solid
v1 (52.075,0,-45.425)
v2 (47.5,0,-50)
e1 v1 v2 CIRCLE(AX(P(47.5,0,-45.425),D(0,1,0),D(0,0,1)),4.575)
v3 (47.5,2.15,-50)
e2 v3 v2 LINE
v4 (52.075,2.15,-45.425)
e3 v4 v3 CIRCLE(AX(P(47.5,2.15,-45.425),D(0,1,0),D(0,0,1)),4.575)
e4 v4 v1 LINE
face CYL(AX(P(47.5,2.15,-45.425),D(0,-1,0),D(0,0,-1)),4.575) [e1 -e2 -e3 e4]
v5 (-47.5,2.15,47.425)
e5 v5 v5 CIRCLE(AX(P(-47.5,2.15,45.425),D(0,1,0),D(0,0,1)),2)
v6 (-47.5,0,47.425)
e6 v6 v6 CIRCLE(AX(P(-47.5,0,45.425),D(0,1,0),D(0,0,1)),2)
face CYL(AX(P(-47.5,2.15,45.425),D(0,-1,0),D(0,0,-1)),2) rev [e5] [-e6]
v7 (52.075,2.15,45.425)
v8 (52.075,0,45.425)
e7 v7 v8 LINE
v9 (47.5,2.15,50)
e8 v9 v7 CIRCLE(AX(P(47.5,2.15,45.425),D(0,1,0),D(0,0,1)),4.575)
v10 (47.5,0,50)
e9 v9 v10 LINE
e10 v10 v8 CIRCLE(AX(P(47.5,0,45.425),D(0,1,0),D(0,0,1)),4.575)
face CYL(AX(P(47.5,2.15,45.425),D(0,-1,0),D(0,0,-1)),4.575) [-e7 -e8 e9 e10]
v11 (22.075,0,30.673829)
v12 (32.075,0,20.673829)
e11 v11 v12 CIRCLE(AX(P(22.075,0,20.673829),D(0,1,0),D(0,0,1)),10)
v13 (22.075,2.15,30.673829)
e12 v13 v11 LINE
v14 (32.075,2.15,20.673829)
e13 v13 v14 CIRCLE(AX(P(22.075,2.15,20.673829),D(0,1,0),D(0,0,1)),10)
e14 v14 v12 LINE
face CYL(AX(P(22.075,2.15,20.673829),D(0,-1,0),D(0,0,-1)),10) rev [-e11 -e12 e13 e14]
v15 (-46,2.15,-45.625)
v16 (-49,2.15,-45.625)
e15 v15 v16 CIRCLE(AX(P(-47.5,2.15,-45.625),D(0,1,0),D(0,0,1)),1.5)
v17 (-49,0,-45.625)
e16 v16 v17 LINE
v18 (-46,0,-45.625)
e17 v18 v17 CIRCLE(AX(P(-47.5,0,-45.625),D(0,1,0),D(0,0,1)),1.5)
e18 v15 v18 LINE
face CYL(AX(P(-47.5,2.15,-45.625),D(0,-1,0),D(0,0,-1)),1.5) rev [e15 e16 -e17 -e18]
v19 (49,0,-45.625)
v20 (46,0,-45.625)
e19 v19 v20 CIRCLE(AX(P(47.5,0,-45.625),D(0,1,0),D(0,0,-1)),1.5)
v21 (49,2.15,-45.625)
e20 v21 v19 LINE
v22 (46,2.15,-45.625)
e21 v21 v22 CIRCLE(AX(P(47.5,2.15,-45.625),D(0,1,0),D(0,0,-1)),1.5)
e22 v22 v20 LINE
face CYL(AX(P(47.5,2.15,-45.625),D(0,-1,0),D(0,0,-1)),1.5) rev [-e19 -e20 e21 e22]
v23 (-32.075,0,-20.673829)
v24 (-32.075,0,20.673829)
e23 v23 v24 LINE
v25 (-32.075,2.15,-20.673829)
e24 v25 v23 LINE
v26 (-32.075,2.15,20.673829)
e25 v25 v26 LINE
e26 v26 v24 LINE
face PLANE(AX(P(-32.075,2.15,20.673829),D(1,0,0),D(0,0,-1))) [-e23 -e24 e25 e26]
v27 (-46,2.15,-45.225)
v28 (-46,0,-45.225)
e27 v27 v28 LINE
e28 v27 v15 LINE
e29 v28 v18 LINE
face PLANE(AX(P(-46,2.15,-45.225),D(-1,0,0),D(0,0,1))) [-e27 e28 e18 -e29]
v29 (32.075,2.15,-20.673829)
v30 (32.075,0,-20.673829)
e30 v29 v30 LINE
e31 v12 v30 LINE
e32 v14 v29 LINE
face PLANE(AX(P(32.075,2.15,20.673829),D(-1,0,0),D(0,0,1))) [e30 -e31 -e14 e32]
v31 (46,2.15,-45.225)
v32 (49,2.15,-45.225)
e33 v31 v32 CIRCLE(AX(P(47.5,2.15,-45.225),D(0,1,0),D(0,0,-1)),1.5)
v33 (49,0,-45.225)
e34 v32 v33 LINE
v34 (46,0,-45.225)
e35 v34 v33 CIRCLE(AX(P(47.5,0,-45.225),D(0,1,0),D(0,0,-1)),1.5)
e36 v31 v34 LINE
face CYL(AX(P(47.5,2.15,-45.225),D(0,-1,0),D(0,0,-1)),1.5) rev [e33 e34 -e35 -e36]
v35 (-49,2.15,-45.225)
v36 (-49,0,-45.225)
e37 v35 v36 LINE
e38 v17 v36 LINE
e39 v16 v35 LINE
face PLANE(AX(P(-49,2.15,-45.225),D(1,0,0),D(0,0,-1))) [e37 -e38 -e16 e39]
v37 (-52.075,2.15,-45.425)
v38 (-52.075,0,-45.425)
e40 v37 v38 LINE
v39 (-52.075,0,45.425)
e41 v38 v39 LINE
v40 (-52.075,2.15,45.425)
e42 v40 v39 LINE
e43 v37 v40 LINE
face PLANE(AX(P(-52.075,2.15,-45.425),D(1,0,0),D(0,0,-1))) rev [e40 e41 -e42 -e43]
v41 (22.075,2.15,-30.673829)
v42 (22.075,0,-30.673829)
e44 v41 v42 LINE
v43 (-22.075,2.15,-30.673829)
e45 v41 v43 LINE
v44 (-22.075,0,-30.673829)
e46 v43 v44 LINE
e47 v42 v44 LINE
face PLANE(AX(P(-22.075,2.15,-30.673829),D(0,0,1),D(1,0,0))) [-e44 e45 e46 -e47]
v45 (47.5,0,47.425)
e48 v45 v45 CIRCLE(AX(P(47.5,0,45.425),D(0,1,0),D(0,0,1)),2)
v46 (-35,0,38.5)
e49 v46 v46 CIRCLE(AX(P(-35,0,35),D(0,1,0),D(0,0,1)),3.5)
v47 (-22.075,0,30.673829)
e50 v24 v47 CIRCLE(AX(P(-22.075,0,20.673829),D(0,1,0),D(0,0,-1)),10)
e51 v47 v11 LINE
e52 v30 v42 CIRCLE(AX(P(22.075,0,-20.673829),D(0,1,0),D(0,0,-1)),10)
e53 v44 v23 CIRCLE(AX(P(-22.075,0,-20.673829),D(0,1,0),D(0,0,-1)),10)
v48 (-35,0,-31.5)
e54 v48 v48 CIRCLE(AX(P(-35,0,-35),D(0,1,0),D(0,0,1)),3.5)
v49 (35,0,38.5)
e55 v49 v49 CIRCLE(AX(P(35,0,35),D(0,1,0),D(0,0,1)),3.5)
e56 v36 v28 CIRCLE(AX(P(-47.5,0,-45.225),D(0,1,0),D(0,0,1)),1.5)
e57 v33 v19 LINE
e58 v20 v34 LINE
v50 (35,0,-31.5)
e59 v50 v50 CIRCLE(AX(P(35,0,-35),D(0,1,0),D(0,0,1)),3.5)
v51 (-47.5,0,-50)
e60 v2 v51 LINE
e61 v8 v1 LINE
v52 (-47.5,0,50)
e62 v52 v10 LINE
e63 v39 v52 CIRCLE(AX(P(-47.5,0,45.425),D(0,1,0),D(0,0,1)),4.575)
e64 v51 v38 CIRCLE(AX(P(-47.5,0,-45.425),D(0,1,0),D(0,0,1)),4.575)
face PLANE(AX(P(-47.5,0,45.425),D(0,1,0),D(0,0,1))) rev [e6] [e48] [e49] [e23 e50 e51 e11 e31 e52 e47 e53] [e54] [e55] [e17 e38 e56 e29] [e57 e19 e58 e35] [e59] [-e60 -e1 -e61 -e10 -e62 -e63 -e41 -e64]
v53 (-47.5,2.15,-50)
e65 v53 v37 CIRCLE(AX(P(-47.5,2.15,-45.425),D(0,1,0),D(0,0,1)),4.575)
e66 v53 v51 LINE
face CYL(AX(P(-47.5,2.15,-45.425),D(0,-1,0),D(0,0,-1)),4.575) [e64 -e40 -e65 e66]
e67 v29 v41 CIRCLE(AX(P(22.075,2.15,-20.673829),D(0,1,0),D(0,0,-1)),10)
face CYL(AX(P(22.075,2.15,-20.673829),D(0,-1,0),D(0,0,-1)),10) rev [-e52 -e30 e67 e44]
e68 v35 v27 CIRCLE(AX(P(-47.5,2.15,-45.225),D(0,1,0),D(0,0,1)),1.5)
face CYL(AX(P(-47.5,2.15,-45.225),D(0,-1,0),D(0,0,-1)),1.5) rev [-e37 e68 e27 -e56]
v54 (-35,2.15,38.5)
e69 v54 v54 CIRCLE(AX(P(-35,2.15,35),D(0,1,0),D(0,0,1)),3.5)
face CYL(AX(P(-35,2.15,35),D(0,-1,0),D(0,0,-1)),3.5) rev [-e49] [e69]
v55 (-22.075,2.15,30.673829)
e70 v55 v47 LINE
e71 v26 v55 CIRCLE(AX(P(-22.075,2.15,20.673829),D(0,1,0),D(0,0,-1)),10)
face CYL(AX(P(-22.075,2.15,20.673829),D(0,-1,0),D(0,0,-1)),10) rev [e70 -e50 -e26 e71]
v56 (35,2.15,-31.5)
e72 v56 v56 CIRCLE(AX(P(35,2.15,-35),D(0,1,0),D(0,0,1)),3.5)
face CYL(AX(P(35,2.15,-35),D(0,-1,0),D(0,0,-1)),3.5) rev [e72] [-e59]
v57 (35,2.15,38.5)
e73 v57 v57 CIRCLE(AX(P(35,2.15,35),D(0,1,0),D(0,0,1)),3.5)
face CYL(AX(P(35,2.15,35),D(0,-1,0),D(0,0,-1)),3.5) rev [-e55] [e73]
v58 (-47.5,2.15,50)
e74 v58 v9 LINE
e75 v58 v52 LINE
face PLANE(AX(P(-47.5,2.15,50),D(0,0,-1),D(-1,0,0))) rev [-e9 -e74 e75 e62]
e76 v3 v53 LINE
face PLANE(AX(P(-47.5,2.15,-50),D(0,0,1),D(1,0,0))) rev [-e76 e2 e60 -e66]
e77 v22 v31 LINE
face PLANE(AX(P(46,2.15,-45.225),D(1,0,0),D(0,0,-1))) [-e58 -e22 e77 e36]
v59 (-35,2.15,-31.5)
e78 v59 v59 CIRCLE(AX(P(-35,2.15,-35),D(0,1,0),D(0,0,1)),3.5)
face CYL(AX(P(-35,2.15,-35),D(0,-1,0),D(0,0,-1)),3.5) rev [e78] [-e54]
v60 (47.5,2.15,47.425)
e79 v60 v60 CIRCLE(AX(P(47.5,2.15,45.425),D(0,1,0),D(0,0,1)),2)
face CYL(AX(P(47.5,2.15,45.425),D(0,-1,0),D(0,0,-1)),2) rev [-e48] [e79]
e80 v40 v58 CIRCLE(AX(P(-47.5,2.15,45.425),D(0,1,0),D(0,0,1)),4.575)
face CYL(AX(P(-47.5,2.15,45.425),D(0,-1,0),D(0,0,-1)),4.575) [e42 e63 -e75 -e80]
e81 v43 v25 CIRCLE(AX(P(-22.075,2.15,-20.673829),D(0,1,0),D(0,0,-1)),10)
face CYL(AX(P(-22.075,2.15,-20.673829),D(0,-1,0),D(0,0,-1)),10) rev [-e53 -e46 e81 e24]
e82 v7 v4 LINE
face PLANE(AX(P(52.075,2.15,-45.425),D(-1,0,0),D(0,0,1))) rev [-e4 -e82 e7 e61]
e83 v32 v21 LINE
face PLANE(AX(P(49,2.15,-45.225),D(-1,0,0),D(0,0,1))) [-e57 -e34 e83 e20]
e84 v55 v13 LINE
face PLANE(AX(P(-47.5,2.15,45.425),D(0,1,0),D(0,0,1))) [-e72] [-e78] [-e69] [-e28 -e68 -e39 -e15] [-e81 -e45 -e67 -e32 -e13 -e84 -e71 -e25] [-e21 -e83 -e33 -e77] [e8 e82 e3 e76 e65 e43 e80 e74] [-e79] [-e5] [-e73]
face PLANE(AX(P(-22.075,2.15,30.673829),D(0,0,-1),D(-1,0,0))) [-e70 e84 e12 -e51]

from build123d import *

# Parameters (mm, degrees)
SKETCH2_R           = 2
SKETCH2_R_2         = 3.5
BOSS_EXTRUDE1_DEPTH = 2.15


with BuildPart() as part:
    # Sketch2 → Boss-Extrude1 (new body)
    with BuildSketch(Plane(origin=(0, 0, 0), x_dir=(1, 0, 0), z_dir=(0, 1, 0))):
        with BuildLine():
            Line((-52.075, 45.425), (-52.075, -45.425))
            ThreePointArc((-52.075, -45.425), (-50.735013524, -48.660013524), (-47.5, -50))
            Line((-47.5, -50), (47.5, -50))
            ThreePointArc((47.5, -50), (50.735013524, -48.660013524), (52.075, -45.425))
            Line((52.075, -45.425), (52.075, 45.425))
            ThreePointArc((52.075, 45.425), (50.735013524, 48.660013524), (47.5, 50))
            Line((47.5, 50), (-47.5, 50))
            ThreePointArc((-47.5, 50), (-50.735013524, 48.660013524), (-52.075, 45.425))
        make_face()
        with Locations((47.5, -45.425)):
            Circle(SKETCH2_R, mode=Mode.SUBTRACT)
        with Locations((-47.5, -45.425)):
            Circle(SKETCH2_R, mode=Mode.SUBTRACT)
        with Locations((-35, 35)):
            Circle(SKETCH2_R_2, mode=Mode.SUBTRACT)
        with Locations((35, 35)):
            Circle(SKETCH2_R_2, mode=Mode.SUBTRACT)
        with Locations((35, -35)):
            Circle(SKETCH2_R_2, mode=Mode.SUBTRACT)
        with Locations((-35, -35)):
            Circle(SKETCH2_R_2, mode=Mode.SUBTRACT)
        with BuildLine():
            Line((-49, 45.225), (-49, 45.625))
            ThreePointArc((-49, 45.625), (-47.5, 47.125), (-46, 45.625))
            Line((-46, 45.625), (-46, 45.225))
            ThreePointArc((-46, 45.225), (-47.5, 43.725), (-49, 45.225))
        make_face(mode=Mode.SUBTRACT)
        with BuildLine():
            Line((46, 45.225), (46, 45.625))
            ThreePointArc((46, 45.625), (47.5, 47.125), (49, 45.625))
            Line((49, 45.625), (49, 45.225))
            ThreePointArc((49, 45.225), (47.5, 43.725), (46, 45.225))
        make_face(mode=Mode.SUBTRACT)
        with BuildLine():
            Line((-22.075, -30.673828947), (22.075, -30.673828947))
            ThreePointArc((22.075, -30.673828947), (29.146067812, -27.744896759), (32.075, -20.673828947))
            Line((32.075, -20.673828947), (32.075, 20.673828947))
            ThreePointArc((32.075, 20.673828947), (29.146067812, 27.744896759), (22.075, 30.673828947))
            Line((22.075, 30.673828947), (-22.075, 30.673828947))
            ThreePointArc((-22.075, 30.673828947), (-29.146067812, 27.744896759), (-32.075, 20.673828947))
            Line((-32.075, 20.673828947), (-32.075, -20.673828947))
            ThreePointArc((-32.075, -20.673828947), (-29.146067812, -27.744896759), (-22.075, -30.673828947))
        make_face(mode=Mode.SUBTRACT)
    extrude(amount=BOSS_EXTRUDE1_DEPTH)


solid = part.part
